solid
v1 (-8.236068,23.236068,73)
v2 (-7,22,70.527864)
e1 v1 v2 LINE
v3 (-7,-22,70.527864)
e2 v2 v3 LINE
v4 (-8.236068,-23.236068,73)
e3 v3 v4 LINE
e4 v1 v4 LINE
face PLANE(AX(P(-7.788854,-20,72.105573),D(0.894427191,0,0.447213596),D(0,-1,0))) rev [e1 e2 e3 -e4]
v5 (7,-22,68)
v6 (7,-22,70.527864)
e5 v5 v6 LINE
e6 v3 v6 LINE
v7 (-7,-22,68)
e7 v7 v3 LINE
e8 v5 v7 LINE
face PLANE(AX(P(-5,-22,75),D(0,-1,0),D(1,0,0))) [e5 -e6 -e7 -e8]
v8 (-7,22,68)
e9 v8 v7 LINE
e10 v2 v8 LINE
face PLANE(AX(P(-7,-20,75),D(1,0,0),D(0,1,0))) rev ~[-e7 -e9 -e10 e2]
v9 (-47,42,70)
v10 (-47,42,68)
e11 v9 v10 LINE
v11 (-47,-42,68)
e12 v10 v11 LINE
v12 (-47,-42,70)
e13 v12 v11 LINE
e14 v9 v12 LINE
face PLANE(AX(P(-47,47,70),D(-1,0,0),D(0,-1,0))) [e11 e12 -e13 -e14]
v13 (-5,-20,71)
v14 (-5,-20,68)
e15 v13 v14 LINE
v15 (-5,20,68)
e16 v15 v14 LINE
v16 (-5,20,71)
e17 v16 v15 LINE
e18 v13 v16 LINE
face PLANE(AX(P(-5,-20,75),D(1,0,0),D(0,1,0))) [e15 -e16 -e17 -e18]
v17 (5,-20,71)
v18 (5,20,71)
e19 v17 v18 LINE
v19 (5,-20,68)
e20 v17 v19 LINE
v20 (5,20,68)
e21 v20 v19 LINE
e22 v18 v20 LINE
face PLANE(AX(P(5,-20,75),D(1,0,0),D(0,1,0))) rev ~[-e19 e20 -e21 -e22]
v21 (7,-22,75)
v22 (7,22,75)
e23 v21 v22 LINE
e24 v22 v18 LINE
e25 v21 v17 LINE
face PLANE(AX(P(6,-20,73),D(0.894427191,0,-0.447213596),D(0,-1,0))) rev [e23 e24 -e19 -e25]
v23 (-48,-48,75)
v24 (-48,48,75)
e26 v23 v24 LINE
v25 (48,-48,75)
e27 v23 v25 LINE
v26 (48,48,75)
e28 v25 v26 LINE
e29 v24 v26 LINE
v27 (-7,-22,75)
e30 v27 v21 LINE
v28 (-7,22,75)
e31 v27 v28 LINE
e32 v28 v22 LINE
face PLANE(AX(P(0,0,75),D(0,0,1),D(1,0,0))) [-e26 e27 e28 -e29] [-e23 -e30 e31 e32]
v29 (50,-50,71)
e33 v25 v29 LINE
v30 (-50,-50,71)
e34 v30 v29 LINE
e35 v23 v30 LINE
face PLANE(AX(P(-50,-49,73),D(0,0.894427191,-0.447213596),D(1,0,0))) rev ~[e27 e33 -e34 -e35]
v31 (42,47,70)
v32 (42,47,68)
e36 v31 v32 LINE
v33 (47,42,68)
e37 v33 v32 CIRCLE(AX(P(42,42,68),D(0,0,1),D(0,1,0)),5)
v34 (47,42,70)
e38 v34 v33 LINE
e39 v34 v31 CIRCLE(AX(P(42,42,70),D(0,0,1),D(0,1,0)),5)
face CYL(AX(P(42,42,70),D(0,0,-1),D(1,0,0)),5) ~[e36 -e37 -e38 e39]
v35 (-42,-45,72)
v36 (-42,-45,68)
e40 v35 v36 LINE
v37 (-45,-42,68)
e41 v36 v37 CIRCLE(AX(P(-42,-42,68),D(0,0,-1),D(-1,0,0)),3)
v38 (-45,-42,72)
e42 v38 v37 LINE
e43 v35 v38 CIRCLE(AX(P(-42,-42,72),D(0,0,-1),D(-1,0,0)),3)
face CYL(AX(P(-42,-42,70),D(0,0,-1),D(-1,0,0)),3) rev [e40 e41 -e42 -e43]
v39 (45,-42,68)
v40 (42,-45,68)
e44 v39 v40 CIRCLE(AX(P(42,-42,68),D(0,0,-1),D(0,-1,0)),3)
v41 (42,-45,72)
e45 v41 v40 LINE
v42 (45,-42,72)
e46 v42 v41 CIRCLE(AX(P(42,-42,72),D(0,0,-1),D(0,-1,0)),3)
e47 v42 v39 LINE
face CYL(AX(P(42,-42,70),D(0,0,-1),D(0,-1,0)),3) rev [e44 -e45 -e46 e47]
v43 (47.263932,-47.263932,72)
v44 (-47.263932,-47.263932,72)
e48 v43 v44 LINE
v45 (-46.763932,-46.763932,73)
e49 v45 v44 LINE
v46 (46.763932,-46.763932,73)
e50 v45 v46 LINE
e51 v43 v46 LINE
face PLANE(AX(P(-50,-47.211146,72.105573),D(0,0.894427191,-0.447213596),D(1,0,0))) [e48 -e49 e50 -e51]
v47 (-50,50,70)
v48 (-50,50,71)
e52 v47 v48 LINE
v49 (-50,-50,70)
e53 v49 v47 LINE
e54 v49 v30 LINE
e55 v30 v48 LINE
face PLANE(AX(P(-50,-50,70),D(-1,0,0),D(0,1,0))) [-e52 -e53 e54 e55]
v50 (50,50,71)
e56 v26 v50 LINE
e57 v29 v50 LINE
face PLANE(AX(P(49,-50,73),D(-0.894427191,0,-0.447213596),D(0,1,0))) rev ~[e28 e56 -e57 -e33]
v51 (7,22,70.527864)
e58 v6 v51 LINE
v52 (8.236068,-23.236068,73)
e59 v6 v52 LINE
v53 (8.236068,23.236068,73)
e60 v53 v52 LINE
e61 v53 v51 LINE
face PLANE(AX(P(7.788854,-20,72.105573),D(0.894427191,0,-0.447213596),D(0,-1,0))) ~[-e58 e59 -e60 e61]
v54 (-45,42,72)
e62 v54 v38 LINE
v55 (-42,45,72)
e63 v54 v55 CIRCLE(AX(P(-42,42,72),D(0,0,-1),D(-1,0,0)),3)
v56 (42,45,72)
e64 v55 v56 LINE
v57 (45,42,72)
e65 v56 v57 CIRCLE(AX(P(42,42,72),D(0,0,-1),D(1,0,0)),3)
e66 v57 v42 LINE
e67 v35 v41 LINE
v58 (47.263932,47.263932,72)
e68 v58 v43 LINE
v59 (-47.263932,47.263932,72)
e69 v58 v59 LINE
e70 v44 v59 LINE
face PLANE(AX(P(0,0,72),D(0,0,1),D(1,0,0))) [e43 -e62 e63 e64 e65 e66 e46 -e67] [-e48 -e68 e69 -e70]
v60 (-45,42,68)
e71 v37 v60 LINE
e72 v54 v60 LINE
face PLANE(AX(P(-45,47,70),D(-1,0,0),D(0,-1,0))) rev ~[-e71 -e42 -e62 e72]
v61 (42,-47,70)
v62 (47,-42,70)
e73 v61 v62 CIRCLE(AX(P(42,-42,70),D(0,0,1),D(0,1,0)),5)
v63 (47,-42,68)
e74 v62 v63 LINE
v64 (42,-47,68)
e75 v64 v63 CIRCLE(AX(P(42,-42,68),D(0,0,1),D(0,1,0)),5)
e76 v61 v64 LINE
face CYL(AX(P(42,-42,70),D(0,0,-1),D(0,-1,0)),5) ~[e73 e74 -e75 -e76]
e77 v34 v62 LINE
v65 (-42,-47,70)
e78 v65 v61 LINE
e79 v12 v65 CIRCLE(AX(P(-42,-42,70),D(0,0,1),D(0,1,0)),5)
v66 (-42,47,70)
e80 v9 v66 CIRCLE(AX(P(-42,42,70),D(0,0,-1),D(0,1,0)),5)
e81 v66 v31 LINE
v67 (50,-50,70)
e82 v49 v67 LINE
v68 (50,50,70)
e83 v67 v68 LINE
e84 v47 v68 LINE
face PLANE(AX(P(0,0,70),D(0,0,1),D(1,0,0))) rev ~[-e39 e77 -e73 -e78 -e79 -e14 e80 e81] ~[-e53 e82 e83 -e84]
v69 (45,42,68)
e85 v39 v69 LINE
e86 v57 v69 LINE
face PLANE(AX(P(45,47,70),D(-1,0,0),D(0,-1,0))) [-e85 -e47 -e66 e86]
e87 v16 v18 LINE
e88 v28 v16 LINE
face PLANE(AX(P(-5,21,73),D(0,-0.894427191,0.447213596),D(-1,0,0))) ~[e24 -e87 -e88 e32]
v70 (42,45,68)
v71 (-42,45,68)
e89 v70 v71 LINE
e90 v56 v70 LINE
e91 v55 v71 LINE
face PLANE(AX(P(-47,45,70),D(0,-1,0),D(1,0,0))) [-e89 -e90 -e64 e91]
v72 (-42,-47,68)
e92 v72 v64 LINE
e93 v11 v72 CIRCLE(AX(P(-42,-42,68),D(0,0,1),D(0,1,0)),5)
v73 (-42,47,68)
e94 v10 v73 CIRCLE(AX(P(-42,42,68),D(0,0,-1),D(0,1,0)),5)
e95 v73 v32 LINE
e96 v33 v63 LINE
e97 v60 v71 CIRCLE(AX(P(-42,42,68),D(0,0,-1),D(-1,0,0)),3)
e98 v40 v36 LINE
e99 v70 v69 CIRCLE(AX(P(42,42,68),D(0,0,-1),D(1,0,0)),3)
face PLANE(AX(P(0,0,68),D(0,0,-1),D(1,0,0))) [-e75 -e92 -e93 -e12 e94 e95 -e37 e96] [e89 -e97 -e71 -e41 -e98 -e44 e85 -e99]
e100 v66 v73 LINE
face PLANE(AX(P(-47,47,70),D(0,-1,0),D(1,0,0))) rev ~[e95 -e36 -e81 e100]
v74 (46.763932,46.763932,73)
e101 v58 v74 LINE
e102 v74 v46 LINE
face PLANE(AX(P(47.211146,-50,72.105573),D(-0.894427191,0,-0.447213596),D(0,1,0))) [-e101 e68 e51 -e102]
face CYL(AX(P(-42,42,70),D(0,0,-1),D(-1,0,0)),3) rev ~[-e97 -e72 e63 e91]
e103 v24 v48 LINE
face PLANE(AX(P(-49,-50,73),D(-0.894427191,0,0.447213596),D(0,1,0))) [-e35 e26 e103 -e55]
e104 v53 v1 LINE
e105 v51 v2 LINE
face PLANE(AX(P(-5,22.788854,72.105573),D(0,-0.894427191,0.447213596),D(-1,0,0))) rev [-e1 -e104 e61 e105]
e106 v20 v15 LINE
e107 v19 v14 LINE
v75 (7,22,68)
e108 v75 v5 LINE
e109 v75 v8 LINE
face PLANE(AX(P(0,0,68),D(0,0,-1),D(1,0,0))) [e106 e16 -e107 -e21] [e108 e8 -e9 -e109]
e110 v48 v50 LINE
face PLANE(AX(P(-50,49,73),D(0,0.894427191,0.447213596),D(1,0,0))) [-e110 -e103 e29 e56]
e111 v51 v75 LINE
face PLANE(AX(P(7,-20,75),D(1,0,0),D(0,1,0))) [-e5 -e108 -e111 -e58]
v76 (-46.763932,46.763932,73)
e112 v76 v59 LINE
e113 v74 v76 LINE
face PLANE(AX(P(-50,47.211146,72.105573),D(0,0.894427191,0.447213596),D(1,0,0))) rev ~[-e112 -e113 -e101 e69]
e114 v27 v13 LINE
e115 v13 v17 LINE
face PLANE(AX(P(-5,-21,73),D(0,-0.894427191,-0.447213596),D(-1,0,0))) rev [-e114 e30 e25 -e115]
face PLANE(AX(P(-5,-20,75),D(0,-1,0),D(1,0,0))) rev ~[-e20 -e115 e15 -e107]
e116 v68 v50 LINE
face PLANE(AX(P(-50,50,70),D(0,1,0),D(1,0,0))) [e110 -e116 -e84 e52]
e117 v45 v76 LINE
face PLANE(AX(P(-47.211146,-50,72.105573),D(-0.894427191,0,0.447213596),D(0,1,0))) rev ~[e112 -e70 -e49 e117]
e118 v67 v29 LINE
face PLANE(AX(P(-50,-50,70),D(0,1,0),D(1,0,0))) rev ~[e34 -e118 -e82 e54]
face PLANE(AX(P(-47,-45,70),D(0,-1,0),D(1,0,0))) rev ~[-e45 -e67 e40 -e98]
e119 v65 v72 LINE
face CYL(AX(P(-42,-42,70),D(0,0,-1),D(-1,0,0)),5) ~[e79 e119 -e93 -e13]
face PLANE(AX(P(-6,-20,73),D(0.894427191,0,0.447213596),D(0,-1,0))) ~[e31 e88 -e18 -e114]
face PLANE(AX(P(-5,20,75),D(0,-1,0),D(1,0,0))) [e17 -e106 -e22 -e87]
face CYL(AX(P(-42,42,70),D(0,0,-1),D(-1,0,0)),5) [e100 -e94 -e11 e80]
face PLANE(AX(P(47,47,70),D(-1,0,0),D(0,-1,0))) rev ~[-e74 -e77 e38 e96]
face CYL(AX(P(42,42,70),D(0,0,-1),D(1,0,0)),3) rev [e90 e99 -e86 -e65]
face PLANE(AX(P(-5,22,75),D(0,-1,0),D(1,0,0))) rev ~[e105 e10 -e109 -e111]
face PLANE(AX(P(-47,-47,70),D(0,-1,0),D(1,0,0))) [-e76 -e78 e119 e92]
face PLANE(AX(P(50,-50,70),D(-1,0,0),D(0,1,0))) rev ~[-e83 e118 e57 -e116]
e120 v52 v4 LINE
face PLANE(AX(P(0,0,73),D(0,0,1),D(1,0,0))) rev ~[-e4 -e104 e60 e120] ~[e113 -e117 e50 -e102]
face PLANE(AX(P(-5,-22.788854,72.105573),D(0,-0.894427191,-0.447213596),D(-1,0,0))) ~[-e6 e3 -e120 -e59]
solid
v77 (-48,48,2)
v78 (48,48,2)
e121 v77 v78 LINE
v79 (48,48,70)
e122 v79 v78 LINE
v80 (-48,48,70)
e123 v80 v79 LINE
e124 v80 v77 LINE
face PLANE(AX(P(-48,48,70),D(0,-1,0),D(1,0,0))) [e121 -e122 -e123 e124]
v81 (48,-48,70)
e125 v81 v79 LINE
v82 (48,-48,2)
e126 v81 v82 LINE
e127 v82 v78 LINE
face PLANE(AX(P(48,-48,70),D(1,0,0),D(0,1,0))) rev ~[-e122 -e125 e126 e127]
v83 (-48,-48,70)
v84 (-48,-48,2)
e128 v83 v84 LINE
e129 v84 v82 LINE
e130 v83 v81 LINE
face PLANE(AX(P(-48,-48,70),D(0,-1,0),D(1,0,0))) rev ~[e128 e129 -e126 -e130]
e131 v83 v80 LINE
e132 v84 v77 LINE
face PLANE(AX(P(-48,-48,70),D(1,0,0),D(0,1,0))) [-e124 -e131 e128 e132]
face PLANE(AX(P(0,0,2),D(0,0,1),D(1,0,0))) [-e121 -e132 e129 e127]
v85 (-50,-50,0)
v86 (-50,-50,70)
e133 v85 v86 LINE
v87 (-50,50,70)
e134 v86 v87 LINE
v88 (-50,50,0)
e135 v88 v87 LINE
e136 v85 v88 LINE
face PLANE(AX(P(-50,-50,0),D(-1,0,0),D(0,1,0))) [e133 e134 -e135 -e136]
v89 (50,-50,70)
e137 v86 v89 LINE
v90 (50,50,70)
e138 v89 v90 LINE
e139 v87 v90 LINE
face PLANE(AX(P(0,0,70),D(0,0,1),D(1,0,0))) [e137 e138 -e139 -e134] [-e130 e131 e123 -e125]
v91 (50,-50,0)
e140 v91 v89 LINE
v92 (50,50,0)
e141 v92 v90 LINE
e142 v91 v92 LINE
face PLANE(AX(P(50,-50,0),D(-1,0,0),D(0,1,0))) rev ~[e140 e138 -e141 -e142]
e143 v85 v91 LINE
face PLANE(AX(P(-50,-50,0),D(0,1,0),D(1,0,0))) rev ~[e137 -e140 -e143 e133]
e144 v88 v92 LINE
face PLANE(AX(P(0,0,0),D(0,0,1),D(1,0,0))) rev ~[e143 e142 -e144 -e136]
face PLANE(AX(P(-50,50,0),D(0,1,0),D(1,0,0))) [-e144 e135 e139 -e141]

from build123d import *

# Parameters (mm, degrees)
F0_W      = 100
F0_H      = 100
F1_DEPTH  = 70
F2_W      = 96
F2_H      = 96
F3_DEPTH  = 68
F4_W      = 100
F4_H      = 100
F5_DEPTH  = 5
F6_W      = 94
F6_H      = 94
F7_DEPTH  = 2
F8_W      = 10
F8_H      = 40
F9_DEPTH  = 25
F10_R     = 5
F11_SIZE2 = 4
F11_SIZE  = 2
F12_T     = -2


with BuildPart() as f1:
    # F0 (on Top) → F1 (new body)
    with BuildSketch(Plane.XY):
        Rectangle(F0_W, F0_H)
    extrude(amount=F1_DEPTH)

    # F2 (on face) → F3 (cut)
    with BuildSketch(Plane.XY.offset(70)):
        Rectangle(F2_W, F2_H)
    extrude(amount=-F3_DEPTH, mode=Mode.SUBTRACT)


with BuildPart() as f5:
    # F4 (on face) → F5 (new body)
    with BuildSketch(Plane.XY.offset(70)):
        Rectangle(F4_W, F4_H)
    extrude(amount=F5_DEPTH)

    # F6 (on face) → F7 (join)
    with BuildSketch(Plane(origin=(0, 0, 70), x_dir=(1, 0, 0), z_dir=(0, 0, -1))):
        Rectangle(F6_W, F6_H)
    extrude(amount=F7_DEPTH)

    # F8 (on face) → F9 (cut)
    with BuildSketch(Plane.XY.offset(75)):
        Rectangle(F8_W, F8_H)
    extrude(amount=-F9_DEPTH, mode=Mode.SUBTRACT)

    # F10
    f10_edges = [f5.edges().sort_by_distance(p)[0] for p in [
        (-47, -47, 69),
        (47, -47, 69),
        (-47, 47, 69),
        (47, 47, 69),
    ]]
    fillet(f10_edges, radius=F10_R)

    # F11
    f11_edges = [f5.edges().sort_by_distance(p)[0] for p in [
        (-50, 0, 75),
        (0, 50, 75),
        (0, -50, 75),
        (50, 0, 75),
        (0, -20, 75),
        (5, 0, 75),
        (0, 20, 75),
        (-5, 0, 75),
    ]]
    f11_side = f5.faces().sort_by_distance((-48.585786, 0, 75))[0]
    chamfer(f11_edges, length=F11_SIZE, length2=F11_SIZE2, reference=f11_side)

    # F12
    f12_openings = [f5.faces().sort_by_distance(p)[0] for p in [
        (0, -45.670639, 68),
    ]]
    offset(amount=F12_T, openings=f12_openings, kind=Kind.INTERSECTION)


solid = Compound([f1.part, f5.part])
